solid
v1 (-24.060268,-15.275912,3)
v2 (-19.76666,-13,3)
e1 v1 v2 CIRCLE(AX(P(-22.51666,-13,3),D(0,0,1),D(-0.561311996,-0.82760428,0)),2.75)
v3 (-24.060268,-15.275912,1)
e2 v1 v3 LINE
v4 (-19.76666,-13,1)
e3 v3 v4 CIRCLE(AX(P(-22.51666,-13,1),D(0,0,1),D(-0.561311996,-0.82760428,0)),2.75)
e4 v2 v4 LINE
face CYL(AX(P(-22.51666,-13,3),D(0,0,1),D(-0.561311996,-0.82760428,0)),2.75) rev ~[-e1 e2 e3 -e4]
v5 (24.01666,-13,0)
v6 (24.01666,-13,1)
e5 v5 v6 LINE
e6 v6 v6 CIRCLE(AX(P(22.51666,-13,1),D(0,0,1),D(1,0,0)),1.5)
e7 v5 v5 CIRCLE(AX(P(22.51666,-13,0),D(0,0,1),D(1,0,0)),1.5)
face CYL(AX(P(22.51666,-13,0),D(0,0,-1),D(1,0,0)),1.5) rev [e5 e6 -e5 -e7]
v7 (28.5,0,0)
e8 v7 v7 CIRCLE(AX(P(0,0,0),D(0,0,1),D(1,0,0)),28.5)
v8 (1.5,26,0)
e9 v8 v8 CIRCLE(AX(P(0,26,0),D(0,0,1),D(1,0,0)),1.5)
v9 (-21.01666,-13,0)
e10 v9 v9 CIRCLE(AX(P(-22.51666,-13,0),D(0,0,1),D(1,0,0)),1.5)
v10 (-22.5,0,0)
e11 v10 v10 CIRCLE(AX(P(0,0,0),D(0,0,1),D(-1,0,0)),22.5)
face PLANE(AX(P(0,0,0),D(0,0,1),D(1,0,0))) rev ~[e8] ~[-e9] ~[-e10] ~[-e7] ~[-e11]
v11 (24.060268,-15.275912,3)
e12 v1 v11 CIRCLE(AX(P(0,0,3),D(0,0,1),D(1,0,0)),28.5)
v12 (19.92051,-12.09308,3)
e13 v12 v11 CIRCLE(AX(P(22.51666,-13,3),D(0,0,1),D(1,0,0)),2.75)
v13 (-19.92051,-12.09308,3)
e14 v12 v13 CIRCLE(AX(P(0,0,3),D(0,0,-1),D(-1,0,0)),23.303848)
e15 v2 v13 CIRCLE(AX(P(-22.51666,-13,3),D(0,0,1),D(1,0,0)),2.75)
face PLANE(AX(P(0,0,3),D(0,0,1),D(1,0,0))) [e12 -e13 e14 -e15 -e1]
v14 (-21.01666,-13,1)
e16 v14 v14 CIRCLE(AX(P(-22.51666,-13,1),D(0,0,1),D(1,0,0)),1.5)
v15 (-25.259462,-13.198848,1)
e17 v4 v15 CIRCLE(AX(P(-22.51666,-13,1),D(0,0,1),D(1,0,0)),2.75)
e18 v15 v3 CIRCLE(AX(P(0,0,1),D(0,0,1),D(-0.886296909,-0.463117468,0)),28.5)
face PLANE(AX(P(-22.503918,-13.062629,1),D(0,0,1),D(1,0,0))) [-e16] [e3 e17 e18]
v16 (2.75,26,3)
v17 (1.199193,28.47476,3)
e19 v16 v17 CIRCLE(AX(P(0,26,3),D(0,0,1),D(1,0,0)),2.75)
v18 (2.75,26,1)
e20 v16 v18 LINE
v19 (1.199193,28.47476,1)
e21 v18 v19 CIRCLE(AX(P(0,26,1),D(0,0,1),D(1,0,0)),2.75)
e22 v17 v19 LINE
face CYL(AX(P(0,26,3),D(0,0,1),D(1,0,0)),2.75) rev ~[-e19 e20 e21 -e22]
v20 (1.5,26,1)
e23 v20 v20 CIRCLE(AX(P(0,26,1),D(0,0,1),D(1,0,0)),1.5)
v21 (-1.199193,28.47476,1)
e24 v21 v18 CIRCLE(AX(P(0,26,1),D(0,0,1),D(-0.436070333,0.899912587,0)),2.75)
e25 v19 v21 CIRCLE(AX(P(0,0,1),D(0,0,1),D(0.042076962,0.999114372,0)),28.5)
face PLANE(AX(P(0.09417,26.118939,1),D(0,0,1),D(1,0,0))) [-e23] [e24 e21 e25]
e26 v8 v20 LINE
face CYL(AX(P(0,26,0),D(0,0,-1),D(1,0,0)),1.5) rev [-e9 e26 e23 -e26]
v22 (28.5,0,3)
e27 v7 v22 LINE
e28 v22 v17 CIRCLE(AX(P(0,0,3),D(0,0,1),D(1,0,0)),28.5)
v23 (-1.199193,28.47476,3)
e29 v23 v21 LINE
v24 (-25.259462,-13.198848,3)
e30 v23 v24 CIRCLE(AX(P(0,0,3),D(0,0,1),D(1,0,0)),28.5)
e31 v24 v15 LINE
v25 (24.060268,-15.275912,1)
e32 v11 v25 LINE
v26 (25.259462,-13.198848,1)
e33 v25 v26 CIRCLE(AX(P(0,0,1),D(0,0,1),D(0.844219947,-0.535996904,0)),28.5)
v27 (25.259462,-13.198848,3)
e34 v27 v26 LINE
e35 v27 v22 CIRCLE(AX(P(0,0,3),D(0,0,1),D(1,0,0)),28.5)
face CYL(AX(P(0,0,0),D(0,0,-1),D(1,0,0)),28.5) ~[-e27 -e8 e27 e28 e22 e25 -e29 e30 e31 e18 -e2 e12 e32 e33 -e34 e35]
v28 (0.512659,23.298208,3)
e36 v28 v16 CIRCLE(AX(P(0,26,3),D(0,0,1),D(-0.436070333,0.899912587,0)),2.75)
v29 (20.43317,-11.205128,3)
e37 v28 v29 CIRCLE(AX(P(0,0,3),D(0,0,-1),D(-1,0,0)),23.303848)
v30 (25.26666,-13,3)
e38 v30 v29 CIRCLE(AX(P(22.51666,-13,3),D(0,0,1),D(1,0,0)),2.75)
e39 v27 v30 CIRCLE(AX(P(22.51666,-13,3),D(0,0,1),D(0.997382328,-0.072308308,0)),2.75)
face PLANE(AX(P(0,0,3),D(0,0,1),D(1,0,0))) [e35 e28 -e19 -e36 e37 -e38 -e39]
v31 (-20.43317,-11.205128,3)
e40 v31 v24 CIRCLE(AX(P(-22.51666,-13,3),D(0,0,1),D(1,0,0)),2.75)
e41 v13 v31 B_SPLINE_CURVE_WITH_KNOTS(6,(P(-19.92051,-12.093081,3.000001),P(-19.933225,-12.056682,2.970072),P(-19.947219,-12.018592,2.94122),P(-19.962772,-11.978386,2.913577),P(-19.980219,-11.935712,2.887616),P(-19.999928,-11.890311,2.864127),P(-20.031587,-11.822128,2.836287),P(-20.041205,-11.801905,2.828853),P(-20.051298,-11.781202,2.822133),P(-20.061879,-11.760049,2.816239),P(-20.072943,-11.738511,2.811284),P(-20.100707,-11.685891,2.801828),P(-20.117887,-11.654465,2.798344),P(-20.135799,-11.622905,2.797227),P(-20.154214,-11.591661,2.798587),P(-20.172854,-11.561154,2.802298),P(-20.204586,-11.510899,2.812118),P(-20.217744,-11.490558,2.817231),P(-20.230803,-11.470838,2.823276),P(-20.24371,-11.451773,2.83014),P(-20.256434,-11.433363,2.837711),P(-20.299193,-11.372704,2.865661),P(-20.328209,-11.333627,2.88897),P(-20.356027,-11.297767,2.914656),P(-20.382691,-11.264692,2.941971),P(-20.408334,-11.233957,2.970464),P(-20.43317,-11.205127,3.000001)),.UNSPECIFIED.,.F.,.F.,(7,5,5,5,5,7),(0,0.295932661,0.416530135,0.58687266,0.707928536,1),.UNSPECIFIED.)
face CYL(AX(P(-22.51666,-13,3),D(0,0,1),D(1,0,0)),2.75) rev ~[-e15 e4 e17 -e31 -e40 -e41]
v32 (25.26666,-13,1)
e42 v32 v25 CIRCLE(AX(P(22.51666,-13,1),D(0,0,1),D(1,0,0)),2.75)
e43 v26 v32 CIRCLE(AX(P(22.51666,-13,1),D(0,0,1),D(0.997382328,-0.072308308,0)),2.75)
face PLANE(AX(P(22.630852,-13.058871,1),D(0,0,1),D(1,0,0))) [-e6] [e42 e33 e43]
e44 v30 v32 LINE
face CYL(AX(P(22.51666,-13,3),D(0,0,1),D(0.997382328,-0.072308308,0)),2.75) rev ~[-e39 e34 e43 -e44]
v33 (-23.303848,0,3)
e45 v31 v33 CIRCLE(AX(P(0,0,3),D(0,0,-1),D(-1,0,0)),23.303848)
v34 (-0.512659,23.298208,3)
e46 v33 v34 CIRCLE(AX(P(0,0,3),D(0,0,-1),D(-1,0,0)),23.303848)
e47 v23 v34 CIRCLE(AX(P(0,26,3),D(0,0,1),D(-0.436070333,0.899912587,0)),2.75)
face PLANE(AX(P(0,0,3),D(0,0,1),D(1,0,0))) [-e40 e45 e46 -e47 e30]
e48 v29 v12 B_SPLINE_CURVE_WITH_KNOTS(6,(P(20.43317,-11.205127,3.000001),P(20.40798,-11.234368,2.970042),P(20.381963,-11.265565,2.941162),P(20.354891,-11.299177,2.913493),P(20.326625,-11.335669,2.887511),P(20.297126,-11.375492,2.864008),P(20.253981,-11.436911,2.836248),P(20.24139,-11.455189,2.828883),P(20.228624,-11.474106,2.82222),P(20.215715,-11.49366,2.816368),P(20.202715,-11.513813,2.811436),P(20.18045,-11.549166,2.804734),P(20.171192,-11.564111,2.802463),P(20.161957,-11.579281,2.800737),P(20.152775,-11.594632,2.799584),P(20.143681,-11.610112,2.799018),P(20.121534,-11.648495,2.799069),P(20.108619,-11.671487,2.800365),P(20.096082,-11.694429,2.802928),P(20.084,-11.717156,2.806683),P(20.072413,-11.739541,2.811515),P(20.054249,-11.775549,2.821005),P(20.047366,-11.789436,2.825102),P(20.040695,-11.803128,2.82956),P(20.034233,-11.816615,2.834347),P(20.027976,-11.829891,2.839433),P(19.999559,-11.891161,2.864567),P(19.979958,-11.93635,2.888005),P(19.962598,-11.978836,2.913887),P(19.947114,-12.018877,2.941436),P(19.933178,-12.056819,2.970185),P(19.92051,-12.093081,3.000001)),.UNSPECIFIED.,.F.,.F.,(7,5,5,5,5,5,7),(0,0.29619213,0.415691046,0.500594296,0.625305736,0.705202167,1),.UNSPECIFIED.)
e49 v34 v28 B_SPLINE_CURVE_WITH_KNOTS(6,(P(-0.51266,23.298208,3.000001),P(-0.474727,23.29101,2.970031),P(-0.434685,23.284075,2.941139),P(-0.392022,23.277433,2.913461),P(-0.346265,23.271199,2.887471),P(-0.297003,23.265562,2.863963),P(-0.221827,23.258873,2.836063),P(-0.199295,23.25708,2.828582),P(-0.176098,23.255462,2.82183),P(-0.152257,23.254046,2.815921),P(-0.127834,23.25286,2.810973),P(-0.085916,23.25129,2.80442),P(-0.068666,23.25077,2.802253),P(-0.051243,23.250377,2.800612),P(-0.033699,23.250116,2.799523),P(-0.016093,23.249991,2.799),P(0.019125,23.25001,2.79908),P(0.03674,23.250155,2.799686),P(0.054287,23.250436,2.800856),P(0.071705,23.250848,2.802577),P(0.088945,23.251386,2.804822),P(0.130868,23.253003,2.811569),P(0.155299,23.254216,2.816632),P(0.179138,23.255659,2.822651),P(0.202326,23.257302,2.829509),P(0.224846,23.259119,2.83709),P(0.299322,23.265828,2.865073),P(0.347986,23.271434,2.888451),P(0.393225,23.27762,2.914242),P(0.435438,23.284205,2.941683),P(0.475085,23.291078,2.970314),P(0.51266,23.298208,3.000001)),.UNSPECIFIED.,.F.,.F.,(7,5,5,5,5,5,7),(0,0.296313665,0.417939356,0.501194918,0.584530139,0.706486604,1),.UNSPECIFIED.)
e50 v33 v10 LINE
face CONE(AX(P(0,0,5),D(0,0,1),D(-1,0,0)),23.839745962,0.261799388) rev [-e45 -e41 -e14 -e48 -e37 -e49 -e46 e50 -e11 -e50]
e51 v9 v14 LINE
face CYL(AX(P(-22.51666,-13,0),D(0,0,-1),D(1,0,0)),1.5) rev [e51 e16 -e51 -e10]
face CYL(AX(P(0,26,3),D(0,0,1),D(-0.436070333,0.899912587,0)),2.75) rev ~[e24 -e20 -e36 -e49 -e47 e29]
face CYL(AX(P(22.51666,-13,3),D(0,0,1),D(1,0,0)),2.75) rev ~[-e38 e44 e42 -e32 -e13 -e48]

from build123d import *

# Parameters (mm, degrees)
F0_R     = 28.5
F0_R_2   = 1.5
F0_R_3   = 22.5
F1_DEPTH = 3
F2_R     = 1.5
F3_DEPTH = 2


with BuildPart() as f1:
    # F0 (on Top) → F1 (new body)
    with BuildSketch(Plane.XY):
        Circle(F0_R)
        with Locations((-22.5166604984, -13)):
            Circle(F0_R_2, mode=Mode.SUBTRACT)
        with Locations((22.5166604984, -13)):
            Circle(F0_R_2, mode=Mode.SUBTRACT)
        Circle(F0_R_3, mode=Mode.SUBTRACT)
        with Locations((0, 26)):
            Circle(F0_R_2, mode=Mode.SUBTRACT)
    extrude(amount=F1_DEPTH)

    # F2 (on face) → F3 (cut)
    with BuildSketch(Plane.XY.offset(3)):
        with BuildLine():
            ThreePointArc((-1.1991934148, 28.4747596154), (-1.4602599271, 23.6697337179), (2.75, 26))
            ThreePointArc((2.75, 26), (2.3302662821, 27.4602599271), (1.1991934148, 28.4747596154))
            ThreePointArc((1.1991934148, 28.4747596154), (0, 28.5), (-1.1991934148, 28.4747596154))
        make_face()
        with Locations((0, 26)):
            Circle(F2_R, mode=Mode.SUBTRACT)
        with BuildLine():
            ThreePointArc((-19.7666604984, -13), (-22.6161495504, -10.2518002386), (-25.259461901, -13.1988478464))
            ThreePointArc((-25.259461901, -13.1988478464), (-24.6817240079, -14.25), (-24.0602684862, -15.2759117689))
            ThreePointArc((-24.0602684862, -15.2759117689), (-21.2287206641, -15.429755334), (-19.7666604984, -13))
        make_face()
        with Locations((-22.5166604984, -13)):
            Circle(F2_R, mode=Mode.SUBTRACT)
        with BuildLine():
            ThreePointArc((24.0602684862, -15.2759117689), (24.6817240079, -14.25), (25.259461901, -13.1988478464))
            ThreePointArc((25.259461901, -13.1988478464), (25.2648602598, -13.099489052), (25.2666604984, -13))
            ThreePointArc((25.2666604984, -13), (20.0869051644, -11.7120601657), (24.0602684862, -15.2759117689))
        make_face()
        with Locations((22.5166604984, -13)):
            Circle(F2_R, mode=Mode.SUBTRACT)
    extrude(amount=-F3_DEPTH, mode=Mode.SUBTRACT)

    # F4 (on Front) → F5 (revolve, cut)
    with BuildSketch(Plane.XZ):
        Polygon((-23.8397459622, 5), (-22.5, 0), (-22.5, 5), align=None)
    revolve(axis=Axis((0, 0, 2.1961932071), (0, 0, 1)), mode=Mode.SUBTRACT)


solid = f1.part
